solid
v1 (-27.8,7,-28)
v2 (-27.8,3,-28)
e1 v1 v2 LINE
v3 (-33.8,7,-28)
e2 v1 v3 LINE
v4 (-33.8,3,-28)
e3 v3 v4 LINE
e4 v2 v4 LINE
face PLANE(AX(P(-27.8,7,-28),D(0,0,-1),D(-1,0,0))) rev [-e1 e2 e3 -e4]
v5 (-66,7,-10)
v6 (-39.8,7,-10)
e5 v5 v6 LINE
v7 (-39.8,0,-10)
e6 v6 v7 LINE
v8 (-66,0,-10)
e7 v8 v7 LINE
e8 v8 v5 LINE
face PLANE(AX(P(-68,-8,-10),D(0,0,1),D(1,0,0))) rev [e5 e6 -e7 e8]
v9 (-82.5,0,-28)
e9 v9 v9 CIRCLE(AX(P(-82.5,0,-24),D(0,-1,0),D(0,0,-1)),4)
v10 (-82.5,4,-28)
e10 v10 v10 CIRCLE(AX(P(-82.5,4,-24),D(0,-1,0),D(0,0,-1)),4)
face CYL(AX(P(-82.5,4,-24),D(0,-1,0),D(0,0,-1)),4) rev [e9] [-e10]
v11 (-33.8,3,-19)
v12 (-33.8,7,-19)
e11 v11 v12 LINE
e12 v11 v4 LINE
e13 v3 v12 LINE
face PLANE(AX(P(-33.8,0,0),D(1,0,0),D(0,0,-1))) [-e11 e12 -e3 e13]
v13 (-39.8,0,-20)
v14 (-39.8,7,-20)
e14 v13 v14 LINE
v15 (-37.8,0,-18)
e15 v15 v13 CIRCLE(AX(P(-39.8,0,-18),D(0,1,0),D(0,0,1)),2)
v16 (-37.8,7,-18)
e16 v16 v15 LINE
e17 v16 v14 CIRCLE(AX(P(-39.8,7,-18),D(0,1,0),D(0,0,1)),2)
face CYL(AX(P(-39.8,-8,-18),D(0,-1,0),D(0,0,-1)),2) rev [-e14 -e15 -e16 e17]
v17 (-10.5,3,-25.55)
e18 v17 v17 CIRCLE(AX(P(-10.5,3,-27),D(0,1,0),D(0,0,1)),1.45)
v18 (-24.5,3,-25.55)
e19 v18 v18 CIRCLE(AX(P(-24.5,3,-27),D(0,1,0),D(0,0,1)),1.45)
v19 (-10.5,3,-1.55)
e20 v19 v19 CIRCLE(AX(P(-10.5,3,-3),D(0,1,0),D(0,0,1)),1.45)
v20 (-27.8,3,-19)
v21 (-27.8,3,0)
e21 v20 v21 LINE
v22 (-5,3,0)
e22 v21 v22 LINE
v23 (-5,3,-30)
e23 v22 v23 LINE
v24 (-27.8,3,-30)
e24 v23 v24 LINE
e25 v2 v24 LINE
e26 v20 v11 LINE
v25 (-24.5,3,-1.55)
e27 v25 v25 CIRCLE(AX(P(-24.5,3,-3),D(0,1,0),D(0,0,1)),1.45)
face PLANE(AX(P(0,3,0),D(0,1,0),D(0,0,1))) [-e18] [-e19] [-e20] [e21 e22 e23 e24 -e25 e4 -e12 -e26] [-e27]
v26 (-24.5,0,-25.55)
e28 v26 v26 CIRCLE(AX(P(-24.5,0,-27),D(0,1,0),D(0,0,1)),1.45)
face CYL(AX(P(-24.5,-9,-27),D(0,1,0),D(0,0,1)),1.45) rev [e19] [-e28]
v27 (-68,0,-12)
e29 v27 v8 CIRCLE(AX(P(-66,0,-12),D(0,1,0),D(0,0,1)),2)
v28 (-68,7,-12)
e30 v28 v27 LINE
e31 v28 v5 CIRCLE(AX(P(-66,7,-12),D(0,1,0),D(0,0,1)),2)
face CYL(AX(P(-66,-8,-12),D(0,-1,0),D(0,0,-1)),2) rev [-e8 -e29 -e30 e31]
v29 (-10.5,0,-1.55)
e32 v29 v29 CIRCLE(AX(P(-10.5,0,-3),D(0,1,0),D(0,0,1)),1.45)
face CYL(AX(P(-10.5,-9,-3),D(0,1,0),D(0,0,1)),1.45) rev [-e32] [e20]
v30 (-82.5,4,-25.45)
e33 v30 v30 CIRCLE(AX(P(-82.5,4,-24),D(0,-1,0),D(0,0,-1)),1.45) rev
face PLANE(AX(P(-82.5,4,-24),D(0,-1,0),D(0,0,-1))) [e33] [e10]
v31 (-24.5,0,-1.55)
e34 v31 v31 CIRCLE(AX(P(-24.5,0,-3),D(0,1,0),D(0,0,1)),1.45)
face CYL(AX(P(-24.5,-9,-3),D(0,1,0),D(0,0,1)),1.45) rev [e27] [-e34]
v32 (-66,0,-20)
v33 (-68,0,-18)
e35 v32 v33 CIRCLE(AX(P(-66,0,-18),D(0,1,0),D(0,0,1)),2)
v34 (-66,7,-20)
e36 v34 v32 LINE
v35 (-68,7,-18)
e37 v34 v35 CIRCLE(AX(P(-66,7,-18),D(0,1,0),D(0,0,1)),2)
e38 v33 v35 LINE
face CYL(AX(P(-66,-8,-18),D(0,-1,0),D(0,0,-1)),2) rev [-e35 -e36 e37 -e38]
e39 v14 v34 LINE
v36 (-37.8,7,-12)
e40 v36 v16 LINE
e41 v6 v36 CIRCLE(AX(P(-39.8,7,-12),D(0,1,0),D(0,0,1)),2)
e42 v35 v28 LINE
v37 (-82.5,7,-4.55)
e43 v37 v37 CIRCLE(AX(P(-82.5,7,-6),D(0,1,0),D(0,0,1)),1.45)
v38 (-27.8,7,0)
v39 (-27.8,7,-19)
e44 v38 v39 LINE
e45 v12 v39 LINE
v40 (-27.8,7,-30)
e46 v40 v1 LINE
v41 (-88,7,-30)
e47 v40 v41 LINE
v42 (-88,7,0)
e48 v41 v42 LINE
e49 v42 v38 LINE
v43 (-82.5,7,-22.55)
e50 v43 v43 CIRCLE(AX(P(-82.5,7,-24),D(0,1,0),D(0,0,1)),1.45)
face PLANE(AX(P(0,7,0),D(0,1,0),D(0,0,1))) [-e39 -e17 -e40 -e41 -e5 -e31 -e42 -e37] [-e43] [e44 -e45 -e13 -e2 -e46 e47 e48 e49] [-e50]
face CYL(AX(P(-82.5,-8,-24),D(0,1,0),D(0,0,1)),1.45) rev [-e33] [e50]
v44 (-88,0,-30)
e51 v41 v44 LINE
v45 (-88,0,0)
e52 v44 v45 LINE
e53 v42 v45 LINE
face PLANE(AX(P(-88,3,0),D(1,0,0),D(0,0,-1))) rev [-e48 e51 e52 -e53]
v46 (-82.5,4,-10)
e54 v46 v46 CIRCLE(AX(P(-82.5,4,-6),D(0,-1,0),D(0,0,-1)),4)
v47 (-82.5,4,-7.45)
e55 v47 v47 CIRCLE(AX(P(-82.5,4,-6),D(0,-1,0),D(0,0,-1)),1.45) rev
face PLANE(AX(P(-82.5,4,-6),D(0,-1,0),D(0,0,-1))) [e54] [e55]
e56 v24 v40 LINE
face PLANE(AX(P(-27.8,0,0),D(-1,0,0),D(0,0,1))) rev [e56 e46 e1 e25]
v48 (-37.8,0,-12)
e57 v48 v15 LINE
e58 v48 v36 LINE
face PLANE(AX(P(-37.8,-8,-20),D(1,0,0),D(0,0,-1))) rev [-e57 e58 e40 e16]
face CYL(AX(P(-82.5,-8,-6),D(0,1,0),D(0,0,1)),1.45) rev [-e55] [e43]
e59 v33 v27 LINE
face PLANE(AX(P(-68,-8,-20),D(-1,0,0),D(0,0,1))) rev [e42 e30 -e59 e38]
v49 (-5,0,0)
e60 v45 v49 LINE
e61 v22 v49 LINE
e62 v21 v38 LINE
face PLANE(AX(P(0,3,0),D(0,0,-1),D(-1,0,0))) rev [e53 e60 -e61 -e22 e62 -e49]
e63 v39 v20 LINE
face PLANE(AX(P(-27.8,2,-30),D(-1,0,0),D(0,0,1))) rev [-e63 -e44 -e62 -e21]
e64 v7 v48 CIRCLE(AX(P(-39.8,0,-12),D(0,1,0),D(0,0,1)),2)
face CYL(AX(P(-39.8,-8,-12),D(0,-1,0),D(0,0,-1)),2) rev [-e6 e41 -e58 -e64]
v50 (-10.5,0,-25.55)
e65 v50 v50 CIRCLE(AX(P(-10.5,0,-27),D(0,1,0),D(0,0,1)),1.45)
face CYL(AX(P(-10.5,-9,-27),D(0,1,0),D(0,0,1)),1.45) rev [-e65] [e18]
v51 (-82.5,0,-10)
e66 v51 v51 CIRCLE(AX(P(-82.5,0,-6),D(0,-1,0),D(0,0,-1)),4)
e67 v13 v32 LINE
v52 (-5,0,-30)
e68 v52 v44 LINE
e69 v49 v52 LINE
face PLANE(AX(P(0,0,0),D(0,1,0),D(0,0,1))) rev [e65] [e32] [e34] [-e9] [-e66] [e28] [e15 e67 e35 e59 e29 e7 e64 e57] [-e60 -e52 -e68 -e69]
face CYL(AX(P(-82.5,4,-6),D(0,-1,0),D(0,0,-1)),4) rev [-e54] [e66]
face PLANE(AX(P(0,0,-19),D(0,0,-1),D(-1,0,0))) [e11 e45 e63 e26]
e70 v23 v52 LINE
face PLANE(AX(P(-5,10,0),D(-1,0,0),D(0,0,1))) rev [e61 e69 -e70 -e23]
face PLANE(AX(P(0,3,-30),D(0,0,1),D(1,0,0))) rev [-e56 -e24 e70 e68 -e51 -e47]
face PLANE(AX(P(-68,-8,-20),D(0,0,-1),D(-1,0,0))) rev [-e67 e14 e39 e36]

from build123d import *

# Parameters (mm, degrees)
SKETCH_1_W          = 88
SKETCH_1_H          = 30
EXTRUDE_1_DEPTH     = 3
SKETCH_2_W          = 27.8
SKETCH_2_H          = 30
CUT_EXTRUDE_1_DEPTH = 1
SKETCH_3_R          = 1.45
CUT_EXTRUDE_2_DEPTH = 11
SKETCH_4_R          = 1.45
CUT_EXTRUDE_4_DEPTH = 11
SKETCH_5_W          = 30.2
SKETCH_5_H          = 10
CUT_EXTRUDE_5_DEPTH = 11
FILLET_1_R          = 2
SKETCH_6_W          = 5
SKETCH_6_H          = 30
CUT_EXTRUDE_6_DEPTH = 10
SKETCH_9_W          = 60.2
SKETCH_9_H          = 30
SKETCH_9_R          = 1.45
EXTRUDE_4_DEPTH     = 4
EXTRUDE_START       = 1
SKETCH_7_W          = 22.8
SKETCH_7_H          = 30
SKETCH_7_R          = 1.45
EXTRUDE_5_DEPTH     = 1
SKETCH_11_W         = 15
SKETCH_11_H         = 4
CUT_EXTRUDE_8_DEPTH = 6
SKETCH_12_W         = 2
SKETCH_12_H         = 4
EXTRUDE_6_DEPTH     = 6
SKETCH_13_W         = 6
SKETCH_13_H         = 4
EXTRUDE_7_DEPTH     = 4
SKETCH_14_R         = 4
CUT_EXTRUDE_9_DEPTH = 4


with BuildPart() as part:
    # 草图1 → 凸台-拉伸1 (new body)
    with BuildSketch(Plane(origin=(0, 0, 0), x_dir=(1, 0, 0), z_dir=(0, 1, 0))):
        with Locations((-44, 15)):
            Rectangle(SKETCH_1_W, SKETCH_1_H)
    extrude(amount=EXTRUDE_1_DEPTH)

    # 草图2 → 切除-拉伸1 (cut)
    with BuildSketch(Plane(origin=(0, 3, 0), x_dir=(1, 0, 0), z_dir=(0, 1, 0))):
        with Locations((-13.9, 15)):
            Rectangle(SKETCH_2_W, SKETCH_2_H)
    extrude(amount=-CUT_EXTRUDE_1_DEPTH, mode=Mode.SUBTRACT)

    # 草图3 → 切除-拉伸2 (cut)
    with BuildSketch(Plane(origin=(0, 2, 0), x_dir=(1, 0, 0), z_dir=(0, 1, 0))):
        with Locations(Location((-24.5, 27, 0), (0, 0, 270))):
            Circle(SKETCH_3_R)
        with Locations(Location((-24.5, 3, 0), (0, 0, 270))):
            Circle(SKETCH_3_R)
        with Locations(Location((-10.5, 3, 0), (0, 0, 270))):
            Circle(SKETCH_3_R)
        with Locations(Location((-10.5, 27, 0), (0, 0, 270))):
            Circle(SKETCH_3_R)
    extrude(amount=-CUT_EXTRUDE_2_DEPTH, mode=Mode.SUBTRACT)

    # 草图4 → 切除-拉伸4 (cut)
    with BuildSketch(Plane(origin=(0, 3, 0), x_dir=(1, 0, 0), z_dir=(0, 1, 0))):
        with Locations(Location((-82.5, 24, 0), (0, 0, 270))):
            Circle(SKETCH_4_R)
        with Locations(Location((-82.5, 6, 0), (0, 0, 270))):
            Circle(SKETCH_4_R)
    extrude(amount=-CUT_EXTRUDE_4_DEPTH, mode=Mode.SUBTRACT)

    # 草图5 → 切除-拉伸5 (cut)
    with BuildSketch(Plane(origin=(0, 3, 0), x_dir=(1, 0, 0), z_dir=(0, 1, 0))):
        with Locations((-52.9, 15)):
            Rectangle(SKETCH_5_W, SKETCH_5_H)
    extrude(amount=-CUT_EXTRUDE_5_DEPTH, mode=Mode.SUBTRACT)

    # 圆角1
    fillet_1_edges = [part.edges().sort_by_distance(p)[0] for p in [
        (-68, 1.5, -10),
        (-68, 1.5, -20),
        (-37.8, 1.5, -20),
        (-37.8, 1.5, -10),
    ]]
    fillet(fillet_1_edges, radius=FILLET_1_R)

    # 草图6 → 切除-拉伸6 (cut)
    with BuildSketch(Plane.XZ):
        with Locations((-2.5, -15)):
            Rectangle(SKETCH_6_W, SKETCH_6_H)
    extrude(amount=-CUT_EXTRUDE_6_DEPTH, mode=Mode.SUBTRACT)

    # 草图9 → 凸台-拉伸4 (add)
    with BuildSketch(Plane(origin=(0, 3, 0), x_dir=(1, 0, 0), z_dir=(0, 1, 0))):
        with Locations((-57.9, 15)):
            Rectangle(SKETCH_9_W, SKETCH_9_H)
        with Locations(Location((-82.5, 6, 0), (0, 0, 270))):
            Circle(SKETCH_9_R, mode=Mode.SUBTRACT)
        with Locations(Location((-82.5, 24, 0), (0, 0, 270))):
            Circle(SKETCH_9_R, mode=Mode.SUBTRACT)
        with BuildLine():
            Line((-37.8, 12), (-37.8, 18))
            ThreePointArc((-37.8, 18), (-38.385786438, 19.414213562), (-39.8, 20))
            Line((-39.8, 20), (-66, 20))
            ThreePointArc((-66, 20), (-67.414213562, 19.414213562), (-68, 18))
            Line((-68, 18), (-68, 12))
            ThreePointArc((-68, 12), (-67.414213562, 10.585786438), (-66, 10))
            Line((-66, 10), (-39.8, 10))
            ThreePointArc((-39.8, 10), (-38.385786438, 10.585786438), (-37.8, 12))
        make_face(mode=Mode.SUBTRACT)
    extrude(amount=EXTRUDE_4_DEPTH)

    # 草图7 → 凸台-拉伸5 (add)
    with BuildSketch(Plane(origin=(0, 2, 0), x_dir=(1, 0, 0), z_dir=(0, 1, 0)).offset(EXTRUDE_START)):
        with Locations((-16.4, 15)):
            Rectangle(SKETCH_7_W, SKETCH_7_H)
        with Locations(Location((-10.5, 3, 0), (0, 0, 270))):
            Circle(SKETCH_7_R, mode=Mode.SUBTRACT)
        with Locations(Location((-24.5, 27, 0), (0, 0, 270))):
            Circle(SKETCH_7_R, mode=Mode.SUBTRACT)
        with Locations(Location((-10.5, 27, 0), (0, 0, 270))):
            Circle(SKETCH_7_R, mode=Mode.SUBTRACT)
        with Locations(Location((-24.5, 3, 0), (0, 0, 270))):
            Circle(SKETCH_7_R, mode=Mode.SUBTRACT)
    extrude(amount=-EXTRUDE_5_DEPTH)

    # 草图11 → 切除-拉伸8 (cut)
    with BuildSketch(Plane(origin=(-27.8, 0, 0), x_dir=(0, 0, -1), z_dir=(1, 0, 0))):
        with Locations((22.5, 5)):
            Rectangle(SKETCH_11_W, SKETCH_11_H)
    extrude(amount=-CUT_EXTRUDE_8_DEPTH, mode=Mode.SUBTRACT)

    # 草图12 → 凸台-拉伸6 (add)
    with BuildSketch(Plane(origin=(-33.8, 0, 0), x_dir=(0, 0, -1), z_dir=(1, 0, 0))):
        with Locations((29, 5)):
            Rectangle(SKETCH_12_W, SKETCH_12_H)
    extrude(amount=EXTRUDE_6_DEPTH)

    # 草图13 → 凸台-拉伸7 (add)
    with BuildSketch(Plane(origin=(0, 0, -15), x_dir=(-1, 0, 0), z_dir=(0, 0, -1))):
        with Locations((30.8, 5)):
            Rectangle(SKETCH_13_W, SKETCH_13_H)
    extrude(amount=EXTRUDE_7_DEPTH)

    # 草图14 → 切除-拉伸9 (cut)
    with BuildSketch(Plane.XZ):
        with Locations(Location((-82.5, -6, 0), (0, 0, 270))):
            Circle(SKETCH_14_R)
        with Locations(Location((-82.5, -24, 0), (0, 0, 270))):
            Circle(SKETCH_14_R)
    extrude(amount=-CUT_EXTRUDE_9_DEPTH, mode=Mode.SUBTRACT)


solid = part.part
